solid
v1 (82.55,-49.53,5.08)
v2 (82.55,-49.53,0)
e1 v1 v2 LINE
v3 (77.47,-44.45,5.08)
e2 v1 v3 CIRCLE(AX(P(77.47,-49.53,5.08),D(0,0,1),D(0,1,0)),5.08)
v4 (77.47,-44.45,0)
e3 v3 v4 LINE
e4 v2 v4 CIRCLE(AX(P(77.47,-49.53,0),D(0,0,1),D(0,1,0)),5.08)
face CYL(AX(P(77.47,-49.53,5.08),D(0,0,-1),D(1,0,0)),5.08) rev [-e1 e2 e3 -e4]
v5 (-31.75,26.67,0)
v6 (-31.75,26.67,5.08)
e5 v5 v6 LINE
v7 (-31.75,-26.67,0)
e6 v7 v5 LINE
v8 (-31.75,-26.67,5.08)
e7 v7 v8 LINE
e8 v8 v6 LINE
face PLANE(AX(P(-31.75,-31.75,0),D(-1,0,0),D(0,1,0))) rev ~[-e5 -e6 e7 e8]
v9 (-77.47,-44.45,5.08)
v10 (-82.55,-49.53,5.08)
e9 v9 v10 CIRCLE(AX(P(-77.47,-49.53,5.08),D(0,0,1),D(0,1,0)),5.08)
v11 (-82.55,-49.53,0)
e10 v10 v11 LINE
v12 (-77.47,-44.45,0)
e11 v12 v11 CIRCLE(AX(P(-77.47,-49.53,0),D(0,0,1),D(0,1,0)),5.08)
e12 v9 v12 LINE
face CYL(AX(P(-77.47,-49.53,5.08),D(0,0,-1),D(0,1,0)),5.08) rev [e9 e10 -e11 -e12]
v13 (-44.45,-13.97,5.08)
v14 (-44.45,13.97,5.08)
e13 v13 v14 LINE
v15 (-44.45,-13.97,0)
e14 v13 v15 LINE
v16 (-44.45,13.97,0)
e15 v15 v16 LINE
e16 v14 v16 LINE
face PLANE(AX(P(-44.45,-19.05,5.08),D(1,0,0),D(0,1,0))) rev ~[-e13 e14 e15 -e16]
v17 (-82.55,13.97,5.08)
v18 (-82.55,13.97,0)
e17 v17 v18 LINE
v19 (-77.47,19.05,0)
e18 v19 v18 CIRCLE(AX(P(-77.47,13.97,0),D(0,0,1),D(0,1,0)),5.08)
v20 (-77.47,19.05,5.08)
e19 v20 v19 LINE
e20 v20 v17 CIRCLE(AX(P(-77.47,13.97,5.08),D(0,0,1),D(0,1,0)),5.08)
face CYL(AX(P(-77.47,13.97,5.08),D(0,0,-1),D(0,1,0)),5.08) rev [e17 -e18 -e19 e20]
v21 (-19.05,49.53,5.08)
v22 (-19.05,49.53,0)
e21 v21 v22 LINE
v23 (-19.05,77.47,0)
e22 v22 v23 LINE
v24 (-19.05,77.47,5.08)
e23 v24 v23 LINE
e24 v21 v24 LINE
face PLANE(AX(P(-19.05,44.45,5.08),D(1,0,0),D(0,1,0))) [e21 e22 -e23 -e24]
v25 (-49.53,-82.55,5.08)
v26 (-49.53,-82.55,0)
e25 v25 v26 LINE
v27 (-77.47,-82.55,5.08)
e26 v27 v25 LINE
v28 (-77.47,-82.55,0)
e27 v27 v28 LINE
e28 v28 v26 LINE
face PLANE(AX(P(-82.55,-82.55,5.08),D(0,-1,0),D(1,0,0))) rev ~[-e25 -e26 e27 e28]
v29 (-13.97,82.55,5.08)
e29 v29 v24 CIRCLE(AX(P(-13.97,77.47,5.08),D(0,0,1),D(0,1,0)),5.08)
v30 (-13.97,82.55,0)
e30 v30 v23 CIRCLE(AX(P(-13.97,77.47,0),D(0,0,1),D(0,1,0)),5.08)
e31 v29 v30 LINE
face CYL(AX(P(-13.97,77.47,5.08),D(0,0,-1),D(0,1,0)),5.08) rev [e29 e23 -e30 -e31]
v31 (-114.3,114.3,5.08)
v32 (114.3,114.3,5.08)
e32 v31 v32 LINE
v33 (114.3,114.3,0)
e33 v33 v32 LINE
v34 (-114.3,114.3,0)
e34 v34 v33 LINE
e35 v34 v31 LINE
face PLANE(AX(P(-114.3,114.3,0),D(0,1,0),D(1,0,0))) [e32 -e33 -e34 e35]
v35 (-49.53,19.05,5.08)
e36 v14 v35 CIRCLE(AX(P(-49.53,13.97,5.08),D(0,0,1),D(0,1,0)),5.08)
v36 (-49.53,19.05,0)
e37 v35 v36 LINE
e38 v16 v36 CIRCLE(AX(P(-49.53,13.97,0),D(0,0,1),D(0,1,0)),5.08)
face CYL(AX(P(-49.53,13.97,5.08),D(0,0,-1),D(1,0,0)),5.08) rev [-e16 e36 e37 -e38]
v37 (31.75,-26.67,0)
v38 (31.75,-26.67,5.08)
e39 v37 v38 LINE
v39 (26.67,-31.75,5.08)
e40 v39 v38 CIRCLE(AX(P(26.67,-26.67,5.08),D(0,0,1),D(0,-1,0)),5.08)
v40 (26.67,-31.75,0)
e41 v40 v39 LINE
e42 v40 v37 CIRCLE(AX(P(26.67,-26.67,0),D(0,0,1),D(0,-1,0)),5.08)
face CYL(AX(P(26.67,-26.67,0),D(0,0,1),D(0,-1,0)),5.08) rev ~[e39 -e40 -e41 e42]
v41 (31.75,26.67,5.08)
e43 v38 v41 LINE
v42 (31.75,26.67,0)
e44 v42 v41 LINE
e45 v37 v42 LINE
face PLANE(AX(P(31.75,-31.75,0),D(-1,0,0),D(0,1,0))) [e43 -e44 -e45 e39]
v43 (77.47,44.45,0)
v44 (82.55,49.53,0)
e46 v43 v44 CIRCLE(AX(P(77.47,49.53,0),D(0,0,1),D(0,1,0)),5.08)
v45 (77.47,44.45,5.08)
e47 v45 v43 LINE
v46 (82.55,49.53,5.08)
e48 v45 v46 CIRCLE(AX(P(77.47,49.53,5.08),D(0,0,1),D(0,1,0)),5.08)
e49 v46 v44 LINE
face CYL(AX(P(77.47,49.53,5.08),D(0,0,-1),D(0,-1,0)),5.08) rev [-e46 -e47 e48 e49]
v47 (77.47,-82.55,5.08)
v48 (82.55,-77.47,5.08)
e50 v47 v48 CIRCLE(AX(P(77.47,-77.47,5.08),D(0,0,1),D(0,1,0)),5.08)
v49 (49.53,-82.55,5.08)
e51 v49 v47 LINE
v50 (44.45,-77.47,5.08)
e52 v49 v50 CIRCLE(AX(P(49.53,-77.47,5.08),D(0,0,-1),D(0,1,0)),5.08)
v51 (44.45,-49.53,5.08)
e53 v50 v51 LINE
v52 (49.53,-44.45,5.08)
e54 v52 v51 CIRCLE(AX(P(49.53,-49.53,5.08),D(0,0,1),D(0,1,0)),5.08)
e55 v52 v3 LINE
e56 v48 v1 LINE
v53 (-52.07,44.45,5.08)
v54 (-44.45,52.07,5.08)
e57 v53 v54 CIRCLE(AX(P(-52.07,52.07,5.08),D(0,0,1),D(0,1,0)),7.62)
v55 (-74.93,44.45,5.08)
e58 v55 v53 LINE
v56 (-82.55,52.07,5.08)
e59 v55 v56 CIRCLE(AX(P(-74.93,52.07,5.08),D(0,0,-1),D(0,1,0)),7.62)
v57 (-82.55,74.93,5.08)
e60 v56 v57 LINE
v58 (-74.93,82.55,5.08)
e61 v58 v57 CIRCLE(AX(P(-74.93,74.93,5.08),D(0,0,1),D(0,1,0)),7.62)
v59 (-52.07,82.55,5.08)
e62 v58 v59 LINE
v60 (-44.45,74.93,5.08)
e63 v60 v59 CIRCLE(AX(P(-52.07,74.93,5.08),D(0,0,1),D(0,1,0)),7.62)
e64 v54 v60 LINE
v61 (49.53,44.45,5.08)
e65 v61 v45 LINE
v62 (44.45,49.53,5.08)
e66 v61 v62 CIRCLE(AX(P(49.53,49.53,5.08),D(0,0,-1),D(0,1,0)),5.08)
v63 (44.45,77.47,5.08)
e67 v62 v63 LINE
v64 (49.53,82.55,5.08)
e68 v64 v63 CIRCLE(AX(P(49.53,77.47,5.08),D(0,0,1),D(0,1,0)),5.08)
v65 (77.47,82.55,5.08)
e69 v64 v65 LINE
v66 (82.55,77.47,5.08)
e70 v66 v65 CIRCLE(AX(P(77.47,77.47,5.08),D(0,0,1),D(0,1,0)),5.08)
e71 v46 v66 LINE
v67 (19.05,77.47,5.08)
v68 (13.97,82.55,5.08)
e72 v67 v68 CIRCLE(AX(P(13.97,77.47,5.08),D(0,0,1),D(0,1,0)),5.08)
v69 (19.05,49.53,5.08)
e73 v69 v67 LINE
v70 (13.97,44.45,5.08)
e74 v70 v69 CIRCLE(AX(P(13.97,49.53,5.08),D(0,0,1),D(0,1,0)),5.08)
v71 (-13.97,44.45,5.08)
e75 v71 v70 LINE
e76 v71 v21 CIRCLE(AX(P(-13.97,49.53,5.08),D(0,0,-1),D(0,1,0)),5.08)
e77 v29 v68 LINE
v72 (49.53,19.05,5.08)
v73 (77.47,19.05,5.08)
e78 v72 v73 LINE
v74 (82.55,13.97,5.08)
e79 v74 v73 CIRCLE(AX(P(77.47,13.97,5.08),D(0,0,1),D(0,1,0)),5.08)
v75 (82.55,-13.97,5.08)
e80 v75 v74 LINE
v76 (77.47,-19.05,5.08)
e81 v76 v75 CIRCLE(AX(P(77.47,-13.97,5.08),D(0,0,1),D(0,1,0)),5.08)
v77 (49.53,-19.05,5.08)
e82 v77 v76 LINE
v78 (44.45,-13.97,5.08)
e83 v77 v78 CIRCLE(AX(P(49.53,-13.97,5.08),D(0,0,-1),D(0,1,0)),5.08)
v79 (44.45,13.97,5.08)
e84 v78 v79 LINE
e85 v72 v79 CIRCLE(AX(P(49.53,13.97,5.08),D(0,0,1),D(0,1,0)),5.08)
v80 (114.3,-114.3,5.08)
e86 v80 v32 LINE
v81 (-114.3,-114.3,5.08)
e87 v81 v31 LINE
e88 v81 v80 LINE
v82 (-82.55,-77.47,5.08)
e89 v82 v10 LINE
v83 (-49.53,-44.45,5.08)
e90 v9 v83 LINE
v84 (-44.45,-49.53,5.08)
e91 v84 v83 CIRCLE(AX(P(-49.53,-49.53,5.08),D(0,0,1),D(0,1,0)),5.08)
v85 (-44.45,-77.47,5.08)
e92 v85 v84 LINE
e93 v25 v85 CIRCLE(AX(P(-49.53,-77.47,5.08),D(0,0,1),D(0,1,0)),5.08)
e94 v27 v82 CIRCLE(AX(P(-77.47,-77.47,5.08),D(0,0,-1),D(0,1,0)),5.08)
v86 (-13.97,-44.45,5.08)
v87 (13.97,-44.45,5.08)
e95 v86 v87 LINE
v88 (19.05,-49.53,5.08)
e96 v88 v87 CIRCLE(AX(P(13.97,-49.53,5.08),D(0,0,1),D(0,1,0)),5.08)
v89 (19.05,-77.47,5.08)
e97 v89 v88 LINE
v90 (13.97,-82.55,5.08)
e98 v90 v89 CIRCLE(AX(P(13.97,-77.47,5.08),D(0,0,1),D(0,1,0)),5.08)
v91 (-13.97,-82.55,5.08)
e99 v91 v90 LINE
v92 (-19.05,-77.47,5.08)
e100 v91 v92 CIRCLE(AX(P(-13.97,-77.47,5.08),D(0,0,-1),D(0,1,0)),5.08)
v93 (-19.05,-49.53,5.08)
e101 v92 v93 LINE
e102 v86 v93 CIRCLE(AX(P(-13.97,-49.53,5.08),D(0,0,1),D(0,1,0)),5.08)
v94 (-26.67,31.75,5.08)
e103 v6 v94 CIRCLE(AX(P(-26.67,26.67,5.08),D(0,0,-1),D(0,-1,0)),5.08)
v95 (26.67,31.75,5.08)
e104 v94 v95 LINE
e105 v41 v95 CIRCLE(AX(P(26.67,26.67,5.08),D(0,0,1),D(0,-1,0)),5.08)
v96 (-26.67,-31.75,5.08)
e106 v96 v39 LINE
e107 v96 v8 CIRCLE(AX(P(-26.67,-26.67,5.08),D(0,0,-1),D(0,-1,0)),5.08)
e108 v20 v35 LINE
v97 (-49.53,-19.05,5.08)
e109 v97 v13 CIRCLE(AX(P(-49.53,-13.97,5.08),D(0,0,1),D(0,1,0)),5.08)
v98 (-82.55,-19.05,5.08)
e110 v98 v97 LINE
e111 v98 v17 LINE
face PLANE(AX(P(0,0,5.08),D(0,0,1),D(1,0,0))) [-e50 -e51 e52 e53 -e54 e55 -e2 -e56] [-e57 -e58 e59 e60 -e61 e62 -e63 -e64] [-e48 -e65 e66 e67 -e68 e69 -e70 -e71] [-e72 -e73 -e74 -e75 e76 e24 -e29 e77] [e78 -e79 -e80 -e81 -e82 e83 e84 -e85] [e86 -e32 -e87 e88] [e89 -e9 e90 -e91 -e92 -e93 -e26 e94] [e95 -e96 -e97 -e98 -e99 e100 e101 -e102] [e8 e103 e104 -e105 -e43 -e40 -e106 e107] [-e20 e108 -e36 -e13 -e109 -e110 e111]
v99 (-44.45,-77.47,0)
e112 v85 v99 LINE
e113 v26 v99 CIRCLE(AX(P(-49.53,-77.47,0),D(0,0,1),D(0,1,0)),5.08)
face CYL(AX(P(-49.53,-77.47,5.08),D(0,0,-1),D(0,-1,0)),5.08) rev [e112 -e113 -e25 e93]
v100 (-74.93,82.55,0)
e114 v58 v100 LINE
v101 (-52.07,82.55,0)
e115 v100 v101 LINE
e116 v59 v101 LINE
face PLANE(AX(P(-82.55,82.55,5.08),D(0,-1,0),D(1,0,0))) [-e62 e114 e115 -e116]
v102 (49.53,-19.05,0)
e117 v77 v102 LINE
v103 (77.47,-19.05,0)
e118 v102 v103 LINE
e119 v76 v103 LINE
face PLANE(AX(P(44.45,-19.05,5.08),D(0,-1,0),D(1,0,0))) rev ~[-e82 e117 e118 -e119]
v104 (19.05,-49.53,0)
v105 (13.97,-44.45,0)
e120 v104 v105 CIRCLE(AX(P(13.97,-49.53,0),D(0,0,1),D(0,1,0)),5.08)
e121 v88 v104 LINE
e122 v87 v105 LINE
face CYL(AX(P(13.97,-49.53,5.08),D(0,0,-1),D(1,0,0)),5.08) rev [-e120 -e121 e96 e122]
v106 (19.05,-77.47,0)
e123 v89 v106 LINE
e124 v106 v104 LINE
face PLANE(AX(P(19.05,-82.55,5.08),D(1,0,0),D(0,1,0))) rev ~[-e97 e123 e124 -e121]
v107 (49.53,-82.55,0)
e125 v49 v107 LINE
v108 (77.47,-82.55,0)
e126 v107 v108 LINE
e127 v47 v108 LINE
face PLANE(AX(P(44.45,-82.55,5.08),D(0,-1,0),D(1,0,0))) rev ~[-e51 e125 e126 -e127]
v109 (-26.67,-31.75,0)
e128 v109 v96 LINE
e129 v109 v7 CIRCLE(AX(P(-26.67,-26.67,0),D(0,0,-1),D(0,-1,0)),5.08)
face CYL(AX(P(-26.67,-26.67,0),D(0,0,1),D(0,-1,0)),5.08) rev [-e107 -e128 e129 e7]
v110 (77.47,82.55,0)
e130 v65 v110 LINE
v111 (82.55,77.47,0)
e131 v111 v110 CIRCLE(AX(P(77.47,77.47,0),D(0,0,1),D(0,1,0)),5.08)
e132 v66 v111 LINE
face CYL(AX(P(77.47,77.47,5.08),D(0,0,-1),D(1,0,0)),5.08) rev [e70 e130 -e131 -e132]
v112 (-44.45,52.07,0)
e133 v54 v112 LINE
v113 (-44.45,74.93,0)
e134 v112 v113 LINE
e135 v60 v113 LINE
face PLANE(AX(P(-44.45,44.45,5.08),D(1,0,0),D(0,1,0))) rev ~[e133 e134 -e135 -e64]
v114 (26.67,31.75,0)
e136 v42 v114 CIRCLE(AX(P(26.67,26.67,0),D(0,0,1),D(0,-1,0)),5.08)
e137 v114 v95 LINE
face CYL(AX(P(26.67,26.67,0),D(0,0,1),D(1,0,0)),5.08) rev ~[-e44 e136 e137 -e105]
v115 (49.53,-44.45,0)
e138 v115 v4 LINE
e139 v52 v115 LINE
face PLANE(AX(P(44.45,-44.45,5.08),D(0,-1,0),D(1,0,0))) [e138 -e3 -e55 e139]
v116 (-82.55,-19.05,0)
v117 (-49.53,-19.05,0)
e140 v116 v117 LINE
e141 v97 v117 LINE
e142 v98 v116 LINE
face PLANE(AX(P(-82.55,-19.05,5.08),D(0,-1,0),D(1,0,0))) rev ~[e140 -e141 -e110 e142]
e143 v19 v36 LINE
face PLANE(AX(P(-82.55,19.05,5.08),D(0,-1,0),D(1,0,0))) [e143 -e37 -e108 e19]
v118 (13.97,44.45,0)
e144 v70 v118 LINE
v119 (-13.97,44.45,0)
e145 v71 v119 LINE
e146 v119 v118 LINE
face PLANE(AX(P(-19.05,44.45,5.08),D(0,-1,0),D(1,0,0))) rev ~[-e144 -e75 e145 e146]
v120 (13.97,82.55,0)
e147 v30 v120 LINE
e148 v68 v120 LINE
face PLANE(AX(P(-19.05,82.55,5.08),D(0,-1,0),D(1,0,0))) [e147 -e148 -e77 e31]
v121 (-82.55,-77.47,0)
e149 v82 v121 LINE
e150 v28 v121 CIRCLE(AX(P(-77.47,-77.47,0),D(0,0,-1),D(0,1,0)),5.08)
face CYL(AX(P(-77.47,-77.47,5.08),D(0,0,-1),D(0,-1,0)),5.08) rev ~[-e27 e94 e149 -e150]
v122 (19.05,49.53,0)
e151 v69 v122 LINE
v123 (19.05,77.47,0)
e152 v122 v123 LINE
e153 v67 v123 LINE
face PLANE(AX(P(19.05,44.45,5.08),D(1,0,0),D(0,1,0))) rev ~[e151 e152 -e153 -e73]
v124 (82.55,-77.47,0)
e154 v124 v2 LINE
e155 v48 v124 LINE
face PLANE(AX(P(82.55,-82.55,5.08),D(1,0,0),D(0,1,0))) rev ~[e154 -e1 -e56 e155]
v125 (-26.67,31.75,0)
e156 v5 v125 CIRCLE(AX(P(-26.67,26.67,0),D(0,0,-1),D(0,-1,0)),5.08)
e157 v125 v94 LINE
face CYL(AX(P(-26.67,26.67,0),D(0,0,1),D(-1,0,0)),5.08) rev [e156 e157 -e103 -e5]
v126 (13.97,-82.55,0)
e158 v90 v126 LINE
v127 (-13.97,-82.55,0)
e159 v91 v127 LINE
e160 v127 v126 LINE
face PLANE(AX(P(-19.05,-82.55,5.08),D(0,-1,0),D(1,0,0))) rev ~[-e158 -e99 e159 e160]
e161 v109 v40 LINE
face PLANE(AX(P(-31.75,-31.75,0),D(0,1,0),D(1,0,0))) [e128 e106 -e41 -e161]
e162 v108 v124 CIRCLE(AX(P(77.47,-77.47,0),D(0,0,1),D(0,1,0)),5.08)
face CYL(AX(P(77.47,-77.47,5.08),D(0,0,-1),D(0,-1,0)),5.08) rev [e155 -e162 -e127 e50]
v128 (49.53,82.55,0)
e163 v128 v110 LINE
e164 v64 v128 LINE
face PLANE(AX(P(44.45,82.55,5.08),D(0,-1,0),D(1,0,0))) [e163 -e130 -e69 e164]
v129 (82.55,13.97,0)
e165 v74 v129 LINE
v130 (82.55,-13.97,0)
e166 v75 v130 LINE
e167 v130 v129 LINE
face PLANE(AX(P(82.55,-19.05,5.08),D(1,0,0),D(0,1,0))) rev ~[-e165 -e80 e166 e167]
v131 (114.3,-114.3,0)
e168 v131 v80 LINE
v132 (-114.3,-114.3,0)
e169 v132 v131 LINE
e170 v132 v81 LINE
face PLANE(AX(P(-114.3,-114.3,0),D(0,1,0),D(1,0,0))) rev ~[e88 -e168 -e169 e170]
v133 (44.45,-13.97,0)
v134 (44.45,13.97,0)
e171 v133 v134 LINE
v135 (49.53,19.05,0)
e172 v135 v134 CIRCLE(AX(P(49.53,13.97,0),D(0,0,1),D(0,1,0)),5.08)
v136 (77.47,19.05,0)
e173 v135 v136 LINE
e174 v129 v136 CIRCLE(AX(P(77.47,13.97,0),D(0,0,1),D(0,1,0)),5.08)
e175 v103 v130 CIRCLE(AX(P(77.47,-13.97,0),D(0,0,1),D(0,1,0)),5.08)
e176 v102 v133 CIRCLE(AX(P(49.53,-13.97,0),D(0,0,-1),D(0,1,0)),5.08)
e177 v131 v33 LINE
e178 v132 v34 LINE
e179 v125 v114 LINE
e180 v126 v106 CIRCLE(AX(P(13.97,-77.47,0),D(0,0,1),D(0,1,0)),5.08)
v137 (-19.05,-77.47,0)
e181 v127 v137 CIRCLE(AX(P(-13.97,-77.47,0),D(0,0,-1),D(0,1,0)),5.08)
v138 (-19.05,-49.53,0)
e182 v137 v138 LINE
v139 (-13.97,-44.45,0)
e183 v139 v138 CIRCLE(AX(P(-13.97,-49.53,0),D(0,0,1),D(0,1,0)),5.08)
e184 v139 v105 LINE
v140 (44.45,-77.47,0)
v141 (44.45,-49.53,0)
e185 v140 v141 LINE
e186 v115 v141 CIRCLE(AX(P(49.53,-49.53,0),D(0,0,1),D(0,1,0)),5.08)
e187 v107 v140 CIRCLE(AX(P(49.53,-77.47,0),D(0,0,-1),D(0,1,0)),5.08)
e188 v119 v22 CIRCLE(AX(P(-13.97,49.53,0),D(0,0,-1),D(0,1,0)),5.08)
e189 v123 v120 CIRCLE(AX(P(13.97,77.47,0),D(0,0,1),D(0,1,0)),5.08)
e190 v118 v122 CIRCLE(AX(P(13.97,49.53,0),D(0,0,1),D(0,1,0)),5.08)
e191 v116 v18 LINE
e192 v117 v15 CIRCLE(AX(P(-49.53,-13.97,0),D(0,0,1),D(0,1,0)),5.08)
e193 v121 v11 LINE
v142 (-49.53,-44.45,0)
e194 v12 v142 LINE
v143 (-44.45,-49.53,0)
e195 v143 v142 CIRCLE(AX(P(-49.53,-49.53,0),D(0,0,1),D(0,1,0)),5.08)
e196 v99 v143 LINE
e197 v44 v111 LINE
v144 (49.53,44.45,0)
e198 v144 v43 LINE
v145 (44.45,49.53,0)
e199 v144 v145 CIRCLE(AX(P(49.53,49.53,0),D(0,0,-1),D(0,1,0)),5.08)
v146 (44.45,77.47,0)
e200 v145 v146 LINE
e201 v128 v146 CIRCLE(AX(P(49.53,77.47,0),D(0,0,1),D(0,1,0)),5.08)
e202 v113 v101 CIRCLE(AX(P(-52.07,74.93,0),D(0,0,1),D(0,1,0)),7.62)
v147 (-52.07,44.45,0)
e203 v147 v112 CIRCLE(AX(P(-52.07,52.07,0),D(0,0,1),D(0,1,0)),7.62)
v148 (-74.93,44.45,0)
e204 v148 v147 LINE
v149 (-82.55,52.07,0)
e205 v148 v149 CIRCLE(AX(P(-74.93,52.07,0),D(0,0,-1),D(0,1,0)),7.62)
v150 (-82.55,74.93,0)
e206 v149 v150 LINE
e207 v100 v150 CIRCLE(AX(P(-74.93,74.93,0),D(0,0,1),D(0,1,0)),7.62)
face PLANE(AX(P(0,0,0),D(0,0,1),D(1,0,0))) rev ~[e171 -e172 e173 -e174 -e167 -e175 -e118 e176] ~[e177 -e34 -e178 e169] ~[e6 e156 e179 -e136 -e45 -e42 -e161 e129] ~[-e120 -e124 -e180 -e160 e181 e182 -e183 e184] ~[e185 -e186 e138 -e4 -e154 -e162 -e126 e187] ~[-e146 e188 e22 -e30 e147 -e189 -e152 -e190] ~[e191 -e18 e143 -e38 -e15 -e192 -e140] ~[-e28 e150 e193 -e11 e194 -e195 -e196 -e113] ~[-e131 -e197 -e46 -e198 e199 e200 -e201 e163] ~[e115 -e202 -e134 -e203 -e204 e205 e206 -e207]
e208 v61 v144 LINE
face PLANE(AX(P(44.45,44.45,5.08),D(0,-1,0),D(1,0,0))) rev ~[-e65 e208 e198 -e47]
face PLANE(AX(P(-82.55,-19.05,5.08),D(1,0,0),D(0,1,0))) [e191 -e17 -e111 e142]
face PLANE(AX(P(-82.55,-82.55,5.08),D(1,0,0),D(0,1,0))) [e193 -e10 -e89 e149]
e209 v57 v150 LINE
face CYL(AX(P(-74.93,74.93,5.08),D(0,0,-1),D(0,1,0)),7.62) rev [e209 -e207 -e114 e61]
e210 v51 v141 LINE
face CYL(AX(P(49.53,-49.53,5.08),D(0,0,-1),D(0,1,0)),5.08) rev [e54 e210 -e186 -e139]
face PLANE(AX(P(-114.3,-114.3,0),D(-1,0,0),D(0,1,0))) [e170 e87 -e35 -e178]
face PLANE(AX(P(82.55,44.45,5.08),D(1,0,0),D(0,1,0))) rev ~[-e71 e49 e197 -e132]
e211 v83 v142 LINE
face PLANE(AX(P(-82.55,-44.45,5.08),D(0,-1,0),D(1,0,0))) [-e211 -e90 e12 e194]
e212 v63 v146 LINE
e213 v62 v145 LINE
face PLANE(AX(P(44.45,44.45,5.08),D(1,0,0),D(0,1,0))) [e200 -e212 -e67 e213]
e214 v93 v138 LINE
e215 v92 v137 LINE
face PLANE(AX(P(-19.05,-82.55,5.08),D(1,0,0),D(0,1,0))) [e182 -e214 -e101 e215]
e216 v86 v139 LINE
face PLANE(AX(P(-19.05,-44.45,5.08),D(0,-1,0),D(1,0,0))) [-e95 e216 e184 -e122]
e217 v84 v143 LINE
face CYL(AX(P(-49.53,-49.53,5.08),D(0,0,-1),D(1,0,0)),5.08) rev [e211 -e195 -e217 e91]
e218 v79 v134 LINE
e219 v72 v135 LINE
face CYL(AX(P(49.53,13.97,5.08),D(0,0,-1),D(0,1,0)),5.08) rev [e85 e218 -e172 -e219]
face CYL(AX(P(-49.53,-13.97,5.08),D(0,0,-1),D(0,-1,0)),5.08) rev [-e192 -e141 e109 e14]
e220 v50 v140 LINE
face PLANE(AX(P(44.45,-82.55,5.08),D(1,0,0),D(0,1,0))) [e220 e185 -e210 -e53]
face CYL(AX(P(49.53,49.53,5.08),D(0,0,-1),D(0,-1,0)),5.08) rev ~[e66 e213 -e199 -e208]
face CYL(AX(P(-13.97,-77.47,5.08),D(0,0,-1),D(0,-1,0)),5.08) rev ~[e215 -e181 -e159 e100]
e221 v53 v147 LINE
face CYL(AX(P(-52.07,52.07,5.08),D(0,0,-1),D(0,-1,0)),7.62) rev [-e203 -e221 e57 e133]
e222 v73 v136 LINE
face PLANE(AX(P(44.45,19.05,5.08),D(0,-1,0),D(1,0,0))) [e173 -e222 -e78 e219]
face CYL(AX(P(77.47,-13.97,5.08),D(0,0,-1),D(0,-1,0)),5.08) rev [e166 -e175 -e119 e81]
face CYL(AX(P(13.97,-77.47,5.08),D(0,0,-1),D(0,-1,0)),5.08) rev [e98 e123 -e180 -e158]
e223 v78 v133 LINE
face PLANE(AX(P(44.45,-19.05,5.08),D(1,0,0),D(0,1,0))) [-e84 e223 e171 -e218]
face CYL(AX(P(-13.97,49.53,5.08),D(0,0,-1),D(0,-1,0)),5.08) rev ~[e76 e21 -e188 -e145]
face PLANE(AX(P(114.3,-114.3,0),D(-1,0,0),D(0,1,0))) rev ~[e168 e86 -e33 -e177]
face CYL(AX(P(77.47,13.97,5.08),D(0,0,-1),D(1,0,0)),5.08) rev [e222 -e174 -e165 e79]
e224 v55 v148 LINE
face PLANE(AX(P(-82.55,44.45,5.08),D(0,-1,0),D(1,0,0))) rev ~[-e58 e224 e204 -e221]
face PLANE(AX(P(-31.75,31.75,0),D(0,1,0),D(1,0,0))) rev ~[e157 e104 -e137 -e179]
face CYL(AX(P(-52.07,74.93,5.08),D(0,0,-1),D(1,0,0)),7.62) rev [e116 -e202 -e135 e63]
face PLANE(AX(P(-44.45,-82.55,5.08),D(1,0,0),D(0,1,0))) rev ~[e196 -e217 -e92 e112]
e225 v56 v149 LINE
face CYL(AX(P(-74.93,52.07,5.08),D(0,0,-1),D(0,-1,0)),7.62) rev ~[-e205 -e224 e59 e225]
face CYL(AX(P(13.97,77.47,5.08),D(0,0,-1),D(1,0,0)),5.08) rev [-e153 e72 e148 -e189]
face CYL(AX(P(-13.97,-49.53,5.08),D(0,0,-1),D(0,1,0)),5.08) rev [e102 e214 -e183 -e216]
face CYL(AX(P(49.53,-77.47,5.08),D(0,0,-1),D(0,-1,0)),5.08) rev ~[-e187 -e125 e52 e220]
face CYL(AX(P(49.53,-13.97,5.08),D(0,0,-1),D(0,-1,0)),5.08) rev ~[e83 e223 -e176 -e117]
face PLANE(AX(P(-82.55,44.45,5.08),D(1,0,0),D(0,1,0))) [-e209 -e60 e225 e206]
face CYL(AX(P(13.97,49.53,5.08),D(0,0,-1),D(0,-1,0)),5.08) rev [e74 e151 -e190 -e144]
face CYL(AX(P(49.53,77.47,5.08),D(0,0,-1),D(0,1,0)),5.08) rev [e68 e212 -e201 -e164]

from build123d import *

# Parameters (mm, degrees)
F0_W     = 228.6
F0_H     = 228.6
F0_W_2   = 63.5
F0_H_2   = 63.5
F1_DEPTH = 5.08
F2_W     = 38.1
F2_H     = 38.1
F3_DEPTH = 25.4
F4_R     = 7.62
F5_W     = 38.1
F5_H     = 38.1
F6_DEPTH = 25.4
F7_R     = 5.08
F8_R     = 5.08


with BuildPart() as f1:
    # F0 (on Top) → F1 (new body)
    with BuildSketch(Plane.XY):
        Rectangle(F0_W, F0_H)
        Rectangle(F0_W_2, F0_H_2, mode=Mode.SUBTRACT)
    extrude(amount=F1_DEPTH)

    # F2 (on face) → F3 (cut)
    with BuildSketch(Plane.XY.offset(5.08)):
        with Locations((-63.5, 63.5)):
            Rectangle(F2_W, F2_H)
    extrude(amount=-F3_DEPTH, mode=Mode.SUBTRACT)

    # F4
    f4_edges = [f1.edges().sort_by_distance(p)[0] for p in [
        (-82.55, 82.55, 2.54),
        (-44.45, 82.55, 2.54),
        (-44.45, 44.45, 2.54),
        (-82.55, 44.45, 2.54),
    ]]
    fillet(f4_edges, radius=F4_R)

    # F5 (on face) → F6 (cut)
    with BuildSketch(Plane.XY.offset(5.08)):
        with Locations((-63.5, 0)):
            Rectangle(F5_W, F5_H)
        with Locations((0, 63.5)):
            Rectangle(F5_W, F5_H)
        with Locations((63.5, 63.5)):
            Rectangle(F5_W, F5_H)
        with Locations((63.5, 0)):
            Rectangle(F5_W, F5_H)
        with Locations((63.5, -63.5)):
            Rectangle(F5_W, F5_H)
        with Locations((0, -63.5)):
            Rectangle(F5_W, F5_H)
        with Locations((-63.5, -63.5)):
            Rectangle(F5_W, F5_H)
    extrude(amount=-F6_DEPTH, mode=Mode.SUBTRACT)

    # F7
    f7_edges = [f1.edges().sort_by_distance(p)[0] for p in [
        (-82.55, 19.05, 2.54),
        (-82.55, -44.45, 2.54),
        (-31.75, 31.75, 2.54),
        (-19.05, 82.55, 2.54),
        (44.45, 19.05, 2.54),
        (44.45, 82.55, 2.54),
        (44.45, -44.45, 2.54),
        (-19.05, -44.45, 2.54),
        (82.55, 82.55, 2.54),
        (82.55, 19.05, 2.54),
        (82.55, -44.45, 2.54),
        (19.05, -44.45, 2.54),
        (31.75, 31.75, 2.54),
        (-44.45, -44.45, 2.54),
        (-44.45, 19.05, 2.54),
        (19.05, 82.55, 2.54),
        (19.05, 44.45, 2.54),
        (82.55, -19.05, 2.54),
        (82.55, -82.55, 2.54),
        (19.05, -82.55, 2.54),
        (-44.45, -82.55, 2.54),
        (-44.45, -19.05, 2.54),
        (31.75, -31.75, 2.54),
        (-82.55, -82.55, 2.54),
        (-19.05, -82.55, 2.54),
        (44.45, -82.55, 2.54),
        (44.45, -19.05, 2.54),
        (44.45, 44.45, 2.54),
        (-19.05, 44.45, 2.54),
        (82.55, 44.45, 2.54),
    ]]
    fillet(f7_edges, radius=F7_R)

    # F8
    f8_edges = [f1.edges().sort_by_distance(p)[0] for p in [
        (-31.75, -31.75, 2.54),
    ]]
    fillet(f8_edges, radius=F8_R)


solid = f1.part
